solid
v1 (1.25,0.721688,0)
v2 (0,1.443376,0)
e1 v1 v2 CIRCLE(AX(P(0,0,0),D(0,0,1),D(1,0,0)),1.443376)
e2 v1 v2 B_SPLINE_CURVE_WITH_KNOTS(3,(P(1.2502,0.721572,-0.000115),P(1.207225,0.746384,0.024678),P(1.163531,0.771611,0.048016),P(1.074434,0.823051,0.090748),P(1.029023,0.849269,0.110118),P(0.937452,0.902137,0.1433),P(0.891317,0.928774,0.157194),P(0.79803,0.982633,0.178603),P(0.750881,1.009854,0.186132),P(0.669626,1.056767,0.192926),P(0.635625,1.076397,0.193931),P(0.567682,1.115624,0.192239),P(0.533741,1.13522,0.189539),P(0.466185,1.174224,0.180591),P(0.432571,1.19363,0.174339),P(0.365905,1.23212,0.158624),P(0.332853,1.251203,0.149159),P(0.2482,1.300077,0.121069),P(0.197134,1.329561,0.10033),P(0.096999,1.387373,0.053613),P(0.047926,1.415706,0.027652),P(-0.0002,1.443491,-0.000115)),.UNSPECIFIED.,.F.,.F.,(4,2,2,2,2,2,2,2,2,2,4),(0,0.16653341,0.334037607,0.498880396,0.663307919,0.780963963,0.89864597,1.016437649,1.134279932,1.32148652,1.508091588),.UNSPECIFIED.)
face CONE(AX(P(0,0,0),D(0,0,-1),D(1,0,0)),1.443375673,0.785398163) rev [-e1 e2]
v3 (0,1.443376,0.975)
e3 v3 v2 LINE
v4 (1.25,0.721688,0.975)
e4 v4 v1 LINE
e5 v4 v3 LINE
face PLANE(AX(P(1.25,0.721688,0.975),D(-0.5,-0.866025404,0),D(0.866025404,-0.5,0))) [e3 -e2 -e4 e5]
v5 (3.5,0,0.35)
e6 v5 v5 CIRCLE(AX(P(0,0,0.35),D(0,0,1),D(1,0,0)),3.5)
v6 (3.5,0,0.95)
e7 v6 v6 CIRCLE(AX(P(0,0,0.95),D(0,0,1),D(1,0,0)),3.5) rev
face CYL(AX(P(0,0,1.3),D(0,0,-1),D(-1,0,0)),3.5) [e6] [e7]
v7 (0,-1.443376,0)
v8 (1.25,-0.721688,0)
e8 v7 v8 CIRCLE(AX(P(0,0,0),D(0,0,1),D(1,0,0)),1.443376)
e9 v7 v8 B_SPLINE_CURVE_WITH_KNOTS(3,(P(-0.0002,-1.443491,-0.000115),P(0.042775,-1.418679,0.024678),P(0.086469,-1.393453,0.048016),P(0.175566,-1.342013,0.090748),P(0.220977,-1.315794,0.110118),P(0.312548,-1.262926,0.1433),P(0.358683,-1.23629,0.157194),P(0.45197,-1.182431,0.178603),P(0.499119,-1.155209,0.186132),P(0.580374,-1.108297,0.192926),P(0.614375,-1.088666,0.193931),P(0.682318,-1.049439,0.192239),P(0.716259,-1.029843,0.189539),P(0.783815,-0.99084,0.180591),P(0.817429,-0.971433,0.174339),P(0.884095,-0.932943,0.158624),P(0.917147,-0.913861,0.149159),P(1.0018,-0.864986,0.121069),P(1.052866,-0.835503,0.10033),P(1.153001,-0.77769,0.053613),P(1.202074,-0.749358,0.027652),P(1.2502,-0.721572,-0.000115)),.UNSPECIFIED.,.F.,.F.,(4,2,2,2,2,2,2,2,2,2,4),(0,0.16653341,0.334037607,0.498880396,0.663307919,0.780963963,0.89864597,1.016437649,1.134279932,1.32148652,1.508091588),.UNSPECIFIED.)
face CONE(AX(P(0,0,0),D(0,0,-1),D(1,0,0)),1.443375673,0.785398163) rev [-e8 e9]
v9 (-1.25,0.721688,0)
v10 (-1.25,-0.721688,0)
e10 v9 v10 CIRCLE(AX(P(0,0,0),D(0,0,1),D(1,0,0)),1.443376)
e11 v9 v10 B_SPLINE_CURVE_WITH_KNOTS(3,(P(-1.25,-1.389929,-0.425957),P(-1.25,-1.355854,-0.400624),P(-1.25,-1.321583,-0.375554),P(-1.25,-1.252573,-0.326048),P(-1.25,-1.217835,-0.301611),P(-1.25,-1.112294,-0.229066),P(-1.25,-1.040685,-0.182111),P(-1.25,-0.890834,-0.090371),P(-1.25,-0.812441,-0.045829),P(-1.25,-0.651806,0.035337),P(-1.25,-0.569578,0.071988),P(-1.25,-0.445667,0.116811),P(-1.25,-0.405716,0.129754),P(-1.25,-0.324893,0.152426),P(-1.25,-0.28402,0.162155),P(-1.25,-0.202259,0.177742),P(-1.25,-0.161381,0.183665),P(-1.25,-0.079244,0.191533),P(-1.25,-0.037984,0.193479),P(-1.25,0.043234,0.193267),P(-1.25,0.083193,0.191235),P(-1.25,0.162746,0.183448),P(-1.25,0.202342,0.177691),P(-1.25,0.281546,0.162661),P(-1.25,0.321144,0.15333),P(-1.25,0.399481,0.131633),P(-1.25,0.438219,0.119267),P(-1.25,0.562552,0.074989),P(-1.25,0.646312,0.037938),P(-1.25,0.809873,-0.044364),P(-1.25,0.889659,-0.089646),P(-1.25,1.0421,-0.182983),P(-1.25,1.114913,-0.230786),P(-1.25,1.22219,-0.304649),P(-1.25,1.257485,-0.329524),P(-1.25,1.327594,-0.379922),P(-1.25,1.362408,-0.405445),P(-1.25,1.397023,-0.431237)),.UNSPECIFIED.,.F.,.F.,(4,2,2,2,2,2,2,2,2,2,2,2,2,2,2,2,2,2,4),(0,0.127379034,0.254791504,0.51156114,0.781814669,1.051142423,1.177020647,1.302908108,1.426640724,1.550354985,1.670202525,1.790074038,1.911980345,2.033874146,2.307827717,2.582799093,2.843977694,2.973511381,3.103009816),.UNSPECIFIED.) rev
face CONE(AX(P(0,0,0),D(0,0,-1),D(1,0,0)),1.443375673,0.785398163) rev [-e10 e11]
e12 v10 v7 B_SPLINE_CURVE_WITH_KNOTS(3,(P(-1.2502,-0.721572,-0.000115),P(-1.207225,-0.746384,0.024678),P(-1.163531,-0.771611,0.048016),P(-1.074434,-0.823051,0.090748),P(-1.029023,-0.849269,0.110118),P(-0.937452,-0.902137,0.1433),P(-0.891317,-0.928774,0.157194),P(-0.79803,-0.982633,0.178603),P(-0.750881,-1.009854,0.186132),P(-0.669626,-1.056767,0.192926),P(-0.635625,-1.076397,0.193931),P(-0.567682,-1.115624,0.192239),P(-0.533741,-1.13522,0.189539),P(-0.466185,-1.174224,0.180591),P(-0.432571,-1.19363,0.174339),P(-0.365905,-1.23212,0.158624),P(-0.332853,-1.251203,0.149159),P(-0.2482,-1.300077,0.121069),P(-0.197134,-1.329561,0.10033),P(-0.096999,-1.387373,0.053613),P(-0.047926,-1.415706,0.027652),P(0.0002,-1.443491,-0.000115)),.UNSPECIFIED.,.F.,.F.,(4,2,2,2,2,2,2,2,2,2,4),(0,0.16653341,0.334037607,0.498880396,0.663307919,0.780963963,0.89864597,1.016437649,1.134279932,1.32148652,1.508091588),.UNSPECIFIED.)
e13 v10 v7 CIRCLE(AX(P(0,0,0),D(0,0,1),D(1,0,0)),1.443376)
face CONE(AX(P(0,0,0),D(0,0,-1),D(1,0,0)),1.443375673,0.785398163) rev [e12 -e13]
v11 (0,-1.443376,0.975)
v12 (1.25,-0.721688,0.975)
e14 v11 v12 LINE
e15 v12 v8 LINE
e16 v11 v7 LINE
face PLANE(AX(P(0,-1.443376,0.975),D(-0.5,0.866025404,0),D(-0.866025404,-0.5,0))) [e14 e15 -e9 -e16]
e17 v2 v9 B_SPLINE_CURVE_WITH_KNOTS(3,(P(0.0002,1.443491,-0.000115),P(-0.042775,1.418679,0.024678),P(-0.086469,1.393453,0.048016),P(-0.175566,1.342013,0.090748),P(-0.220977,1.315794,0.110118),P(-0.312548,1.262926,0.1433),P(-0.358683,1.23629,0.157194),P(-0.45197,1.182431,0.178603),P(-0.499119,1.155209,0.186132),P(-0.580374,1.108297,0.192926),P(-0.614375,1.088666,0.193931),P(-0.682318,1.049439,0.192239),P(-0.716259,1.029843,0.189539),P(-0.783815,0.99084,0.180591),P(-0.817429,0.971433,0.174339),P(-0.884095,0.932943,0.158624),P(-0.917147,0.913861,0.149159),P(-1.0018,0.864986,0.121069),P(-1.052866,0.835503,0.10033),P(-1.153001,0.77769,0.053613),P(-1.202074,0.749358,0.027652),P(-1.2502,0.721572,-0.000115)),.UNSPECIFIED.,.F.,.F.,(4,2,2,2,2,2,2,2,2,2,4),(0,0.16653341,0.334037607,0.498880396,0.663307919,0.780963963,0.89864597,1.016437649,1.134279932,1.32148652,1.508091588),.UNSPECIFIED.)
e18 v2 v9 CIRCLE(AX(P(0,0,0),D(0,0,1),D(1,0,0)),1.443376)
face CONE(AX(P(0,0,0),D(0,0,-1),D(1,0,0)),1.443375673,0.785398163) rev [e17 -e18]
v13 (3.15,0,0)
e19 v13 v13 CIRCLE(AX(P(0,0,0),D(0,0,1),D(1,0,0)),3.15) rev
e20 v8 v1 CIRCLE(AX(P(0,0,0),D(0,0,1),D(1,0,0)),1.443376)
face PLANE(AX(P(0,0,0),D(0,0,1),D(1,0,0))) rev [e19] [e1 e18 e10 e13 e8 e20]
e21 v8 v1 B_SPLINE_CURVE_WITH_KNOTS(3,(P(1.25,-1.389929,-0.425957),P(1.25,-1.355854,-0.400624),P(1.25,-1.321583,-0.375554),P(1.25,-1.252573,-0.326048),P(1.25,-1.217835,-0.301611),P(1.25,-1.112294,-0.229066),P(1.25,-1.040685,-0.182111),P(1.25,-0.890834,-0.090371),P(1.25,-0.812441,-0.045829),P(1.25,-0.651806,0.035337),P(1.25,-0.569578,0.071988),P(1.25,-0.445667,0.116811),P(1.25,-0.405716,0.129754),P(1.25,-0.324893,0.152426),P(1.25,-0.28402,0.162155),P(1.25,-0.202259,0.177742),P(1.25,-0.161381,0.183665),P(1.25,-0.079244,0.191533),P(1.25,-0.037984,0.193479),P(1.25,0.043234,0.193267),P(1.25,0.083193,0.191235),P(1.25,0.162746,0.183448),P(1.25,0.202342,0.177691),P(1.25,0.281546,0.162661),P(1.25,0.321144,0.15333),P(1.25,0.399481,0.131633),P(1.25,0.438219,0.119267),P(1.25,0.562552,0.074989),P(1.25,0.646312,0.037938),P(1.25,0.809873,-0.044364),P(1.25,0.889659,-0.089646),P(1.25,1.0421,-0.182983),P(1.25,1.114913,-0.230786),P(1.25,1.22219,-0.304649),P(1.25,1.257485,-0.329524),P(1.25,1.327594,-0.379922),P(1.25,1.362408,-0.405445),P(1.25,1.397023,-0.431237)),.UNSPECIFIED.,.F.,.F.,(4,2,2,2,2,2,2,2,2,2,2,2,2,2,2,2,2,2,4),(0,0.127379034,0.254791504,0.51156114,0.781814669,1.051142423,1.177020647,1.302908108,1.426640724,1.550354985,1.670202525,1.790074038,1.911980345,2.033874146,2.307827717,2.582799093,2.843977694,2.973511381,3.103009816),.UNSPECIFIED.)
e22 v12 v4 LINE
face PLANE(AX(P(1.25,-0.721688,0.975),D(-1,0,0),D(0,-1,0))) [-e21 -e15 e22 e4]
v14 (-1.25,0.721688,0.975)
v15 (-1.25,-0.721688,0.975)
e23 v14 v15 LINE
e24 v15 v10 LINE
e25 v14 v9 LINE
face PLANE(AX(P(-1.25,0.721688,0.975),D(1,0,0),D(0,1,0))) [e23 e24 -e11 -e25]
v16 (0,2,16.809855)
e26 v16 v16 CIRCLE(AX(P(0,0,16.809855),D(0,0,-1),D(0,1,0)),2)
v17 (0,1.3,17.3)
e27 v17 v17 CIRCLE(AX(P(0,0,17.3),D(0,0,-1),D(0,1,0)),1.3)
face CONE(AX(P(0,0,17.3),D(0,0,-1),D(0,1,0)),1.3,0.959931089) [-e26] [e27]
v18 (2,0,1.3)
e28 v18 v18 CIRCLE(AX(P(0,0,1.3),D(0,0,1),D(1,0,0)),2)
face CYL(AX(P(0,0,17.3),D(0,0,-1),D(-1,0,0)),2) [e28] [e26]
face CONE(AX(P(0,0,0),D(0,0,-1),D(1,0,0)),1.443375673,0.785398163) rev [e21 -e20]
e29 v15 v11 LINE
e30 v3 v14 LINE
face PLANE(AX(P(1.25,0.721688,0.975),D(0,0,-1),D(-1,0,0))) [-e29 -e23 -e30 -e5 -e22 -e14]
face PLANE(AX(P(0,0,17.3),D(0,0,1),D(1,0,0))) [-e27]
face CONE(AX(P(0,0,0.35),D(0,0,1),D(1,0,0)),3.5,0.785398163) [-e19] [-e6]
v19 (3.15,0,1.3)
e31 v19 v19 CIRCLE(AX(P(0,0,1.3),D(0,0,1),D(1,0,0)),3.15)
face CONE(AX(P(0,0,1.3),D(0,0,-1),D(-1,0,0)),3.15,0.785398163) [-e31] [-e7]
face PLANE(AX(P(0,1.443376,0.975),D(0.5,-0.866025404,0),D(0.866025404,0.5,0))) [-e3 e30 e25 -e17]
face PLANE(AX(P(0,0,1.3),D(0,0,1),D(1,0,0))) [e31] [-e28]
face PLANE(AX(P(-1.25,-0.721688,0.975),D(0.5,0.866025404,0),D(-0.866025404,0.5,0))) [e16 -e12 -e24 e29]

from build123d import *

# Parameters (mm, degrees)
SKETCH1_R          = 2
EXTRUDE1_DEPTH     = 17.3
SKETCH6_R          = 3.5
EXTRUDE2_DEPTH     = 1.3
CUT_EXTRUDE1_DEPTH = 0.975
SKETCH8_R          = 1.443375673
CUT_EXTRUDE2_DEPTH = 0.975
CUT_EXTRUDE2_TAPER = 45
CHAMFER1_SIZE      = 0.35


with BuildPart() as part:
    # Sketch1 → Extrude1 (new body)
    with BuildSketch(Plane.XY):
        Circle(SKETCH1_R)
    extrude(amount=EXTRUDE1_DEPTH)

    # Sketch4 → Cut-Revolve1 (revolve, cut)
    with BuildSketch(Plane(origin=(0, 0, 0), x_dir=(0, 0, -1), z_dir=(1, 0, 0))):
        Polygon((-16.809854723, 2), (-17.3, 1.3), (-17.3, 2), align=None)
    revolve(axis=Axis((0, 0, 0), (0, 0, 1)), mode=Mode.SUBTRACT)

    # Sketch6 → Extrude2 (add)
    with BuildSketch(Plane.XY):
        Circle(SKETCH6_R)
    extrude(amount=EXTRUDE2_DEPTH)

    # Sketch7 → Cut-Extrude1 (cut)
    with BuildSketch(Plane.XY):
        Polygon((0, 1.443375673), (-1.25, 0.721687836), (-1.25, -0.721687836), (0, -1.443375673), (1.25, -0.721687836), (1.25, 0.721687836), align=None)
    extrude(amount=CUT_EXTRUDE1_DEPTH, mode=Mode.SUBTRACT)

    # Sketch8 → Cut-Extrude2 (cut)
    with BuildSketch(Plane.XY):
        Circle(SKETCH8_R)
    extrude(amount=CUT_EXTRUDE2_DEPTH, taper=CUT_EXTRUDE2_TAPER, mode=Mode.SUBTRACT)

    # Chamfer1
    chamfer1_edges = [part.edges().sort_by_distance(p)[0] for p in [
        (-3.5, 0, 1.3),
        (-3.5, 0, 0),
    ]]
    chamfer(chamfer1_edges, length=CHAMFER1_SIZE)


solid = part.part
